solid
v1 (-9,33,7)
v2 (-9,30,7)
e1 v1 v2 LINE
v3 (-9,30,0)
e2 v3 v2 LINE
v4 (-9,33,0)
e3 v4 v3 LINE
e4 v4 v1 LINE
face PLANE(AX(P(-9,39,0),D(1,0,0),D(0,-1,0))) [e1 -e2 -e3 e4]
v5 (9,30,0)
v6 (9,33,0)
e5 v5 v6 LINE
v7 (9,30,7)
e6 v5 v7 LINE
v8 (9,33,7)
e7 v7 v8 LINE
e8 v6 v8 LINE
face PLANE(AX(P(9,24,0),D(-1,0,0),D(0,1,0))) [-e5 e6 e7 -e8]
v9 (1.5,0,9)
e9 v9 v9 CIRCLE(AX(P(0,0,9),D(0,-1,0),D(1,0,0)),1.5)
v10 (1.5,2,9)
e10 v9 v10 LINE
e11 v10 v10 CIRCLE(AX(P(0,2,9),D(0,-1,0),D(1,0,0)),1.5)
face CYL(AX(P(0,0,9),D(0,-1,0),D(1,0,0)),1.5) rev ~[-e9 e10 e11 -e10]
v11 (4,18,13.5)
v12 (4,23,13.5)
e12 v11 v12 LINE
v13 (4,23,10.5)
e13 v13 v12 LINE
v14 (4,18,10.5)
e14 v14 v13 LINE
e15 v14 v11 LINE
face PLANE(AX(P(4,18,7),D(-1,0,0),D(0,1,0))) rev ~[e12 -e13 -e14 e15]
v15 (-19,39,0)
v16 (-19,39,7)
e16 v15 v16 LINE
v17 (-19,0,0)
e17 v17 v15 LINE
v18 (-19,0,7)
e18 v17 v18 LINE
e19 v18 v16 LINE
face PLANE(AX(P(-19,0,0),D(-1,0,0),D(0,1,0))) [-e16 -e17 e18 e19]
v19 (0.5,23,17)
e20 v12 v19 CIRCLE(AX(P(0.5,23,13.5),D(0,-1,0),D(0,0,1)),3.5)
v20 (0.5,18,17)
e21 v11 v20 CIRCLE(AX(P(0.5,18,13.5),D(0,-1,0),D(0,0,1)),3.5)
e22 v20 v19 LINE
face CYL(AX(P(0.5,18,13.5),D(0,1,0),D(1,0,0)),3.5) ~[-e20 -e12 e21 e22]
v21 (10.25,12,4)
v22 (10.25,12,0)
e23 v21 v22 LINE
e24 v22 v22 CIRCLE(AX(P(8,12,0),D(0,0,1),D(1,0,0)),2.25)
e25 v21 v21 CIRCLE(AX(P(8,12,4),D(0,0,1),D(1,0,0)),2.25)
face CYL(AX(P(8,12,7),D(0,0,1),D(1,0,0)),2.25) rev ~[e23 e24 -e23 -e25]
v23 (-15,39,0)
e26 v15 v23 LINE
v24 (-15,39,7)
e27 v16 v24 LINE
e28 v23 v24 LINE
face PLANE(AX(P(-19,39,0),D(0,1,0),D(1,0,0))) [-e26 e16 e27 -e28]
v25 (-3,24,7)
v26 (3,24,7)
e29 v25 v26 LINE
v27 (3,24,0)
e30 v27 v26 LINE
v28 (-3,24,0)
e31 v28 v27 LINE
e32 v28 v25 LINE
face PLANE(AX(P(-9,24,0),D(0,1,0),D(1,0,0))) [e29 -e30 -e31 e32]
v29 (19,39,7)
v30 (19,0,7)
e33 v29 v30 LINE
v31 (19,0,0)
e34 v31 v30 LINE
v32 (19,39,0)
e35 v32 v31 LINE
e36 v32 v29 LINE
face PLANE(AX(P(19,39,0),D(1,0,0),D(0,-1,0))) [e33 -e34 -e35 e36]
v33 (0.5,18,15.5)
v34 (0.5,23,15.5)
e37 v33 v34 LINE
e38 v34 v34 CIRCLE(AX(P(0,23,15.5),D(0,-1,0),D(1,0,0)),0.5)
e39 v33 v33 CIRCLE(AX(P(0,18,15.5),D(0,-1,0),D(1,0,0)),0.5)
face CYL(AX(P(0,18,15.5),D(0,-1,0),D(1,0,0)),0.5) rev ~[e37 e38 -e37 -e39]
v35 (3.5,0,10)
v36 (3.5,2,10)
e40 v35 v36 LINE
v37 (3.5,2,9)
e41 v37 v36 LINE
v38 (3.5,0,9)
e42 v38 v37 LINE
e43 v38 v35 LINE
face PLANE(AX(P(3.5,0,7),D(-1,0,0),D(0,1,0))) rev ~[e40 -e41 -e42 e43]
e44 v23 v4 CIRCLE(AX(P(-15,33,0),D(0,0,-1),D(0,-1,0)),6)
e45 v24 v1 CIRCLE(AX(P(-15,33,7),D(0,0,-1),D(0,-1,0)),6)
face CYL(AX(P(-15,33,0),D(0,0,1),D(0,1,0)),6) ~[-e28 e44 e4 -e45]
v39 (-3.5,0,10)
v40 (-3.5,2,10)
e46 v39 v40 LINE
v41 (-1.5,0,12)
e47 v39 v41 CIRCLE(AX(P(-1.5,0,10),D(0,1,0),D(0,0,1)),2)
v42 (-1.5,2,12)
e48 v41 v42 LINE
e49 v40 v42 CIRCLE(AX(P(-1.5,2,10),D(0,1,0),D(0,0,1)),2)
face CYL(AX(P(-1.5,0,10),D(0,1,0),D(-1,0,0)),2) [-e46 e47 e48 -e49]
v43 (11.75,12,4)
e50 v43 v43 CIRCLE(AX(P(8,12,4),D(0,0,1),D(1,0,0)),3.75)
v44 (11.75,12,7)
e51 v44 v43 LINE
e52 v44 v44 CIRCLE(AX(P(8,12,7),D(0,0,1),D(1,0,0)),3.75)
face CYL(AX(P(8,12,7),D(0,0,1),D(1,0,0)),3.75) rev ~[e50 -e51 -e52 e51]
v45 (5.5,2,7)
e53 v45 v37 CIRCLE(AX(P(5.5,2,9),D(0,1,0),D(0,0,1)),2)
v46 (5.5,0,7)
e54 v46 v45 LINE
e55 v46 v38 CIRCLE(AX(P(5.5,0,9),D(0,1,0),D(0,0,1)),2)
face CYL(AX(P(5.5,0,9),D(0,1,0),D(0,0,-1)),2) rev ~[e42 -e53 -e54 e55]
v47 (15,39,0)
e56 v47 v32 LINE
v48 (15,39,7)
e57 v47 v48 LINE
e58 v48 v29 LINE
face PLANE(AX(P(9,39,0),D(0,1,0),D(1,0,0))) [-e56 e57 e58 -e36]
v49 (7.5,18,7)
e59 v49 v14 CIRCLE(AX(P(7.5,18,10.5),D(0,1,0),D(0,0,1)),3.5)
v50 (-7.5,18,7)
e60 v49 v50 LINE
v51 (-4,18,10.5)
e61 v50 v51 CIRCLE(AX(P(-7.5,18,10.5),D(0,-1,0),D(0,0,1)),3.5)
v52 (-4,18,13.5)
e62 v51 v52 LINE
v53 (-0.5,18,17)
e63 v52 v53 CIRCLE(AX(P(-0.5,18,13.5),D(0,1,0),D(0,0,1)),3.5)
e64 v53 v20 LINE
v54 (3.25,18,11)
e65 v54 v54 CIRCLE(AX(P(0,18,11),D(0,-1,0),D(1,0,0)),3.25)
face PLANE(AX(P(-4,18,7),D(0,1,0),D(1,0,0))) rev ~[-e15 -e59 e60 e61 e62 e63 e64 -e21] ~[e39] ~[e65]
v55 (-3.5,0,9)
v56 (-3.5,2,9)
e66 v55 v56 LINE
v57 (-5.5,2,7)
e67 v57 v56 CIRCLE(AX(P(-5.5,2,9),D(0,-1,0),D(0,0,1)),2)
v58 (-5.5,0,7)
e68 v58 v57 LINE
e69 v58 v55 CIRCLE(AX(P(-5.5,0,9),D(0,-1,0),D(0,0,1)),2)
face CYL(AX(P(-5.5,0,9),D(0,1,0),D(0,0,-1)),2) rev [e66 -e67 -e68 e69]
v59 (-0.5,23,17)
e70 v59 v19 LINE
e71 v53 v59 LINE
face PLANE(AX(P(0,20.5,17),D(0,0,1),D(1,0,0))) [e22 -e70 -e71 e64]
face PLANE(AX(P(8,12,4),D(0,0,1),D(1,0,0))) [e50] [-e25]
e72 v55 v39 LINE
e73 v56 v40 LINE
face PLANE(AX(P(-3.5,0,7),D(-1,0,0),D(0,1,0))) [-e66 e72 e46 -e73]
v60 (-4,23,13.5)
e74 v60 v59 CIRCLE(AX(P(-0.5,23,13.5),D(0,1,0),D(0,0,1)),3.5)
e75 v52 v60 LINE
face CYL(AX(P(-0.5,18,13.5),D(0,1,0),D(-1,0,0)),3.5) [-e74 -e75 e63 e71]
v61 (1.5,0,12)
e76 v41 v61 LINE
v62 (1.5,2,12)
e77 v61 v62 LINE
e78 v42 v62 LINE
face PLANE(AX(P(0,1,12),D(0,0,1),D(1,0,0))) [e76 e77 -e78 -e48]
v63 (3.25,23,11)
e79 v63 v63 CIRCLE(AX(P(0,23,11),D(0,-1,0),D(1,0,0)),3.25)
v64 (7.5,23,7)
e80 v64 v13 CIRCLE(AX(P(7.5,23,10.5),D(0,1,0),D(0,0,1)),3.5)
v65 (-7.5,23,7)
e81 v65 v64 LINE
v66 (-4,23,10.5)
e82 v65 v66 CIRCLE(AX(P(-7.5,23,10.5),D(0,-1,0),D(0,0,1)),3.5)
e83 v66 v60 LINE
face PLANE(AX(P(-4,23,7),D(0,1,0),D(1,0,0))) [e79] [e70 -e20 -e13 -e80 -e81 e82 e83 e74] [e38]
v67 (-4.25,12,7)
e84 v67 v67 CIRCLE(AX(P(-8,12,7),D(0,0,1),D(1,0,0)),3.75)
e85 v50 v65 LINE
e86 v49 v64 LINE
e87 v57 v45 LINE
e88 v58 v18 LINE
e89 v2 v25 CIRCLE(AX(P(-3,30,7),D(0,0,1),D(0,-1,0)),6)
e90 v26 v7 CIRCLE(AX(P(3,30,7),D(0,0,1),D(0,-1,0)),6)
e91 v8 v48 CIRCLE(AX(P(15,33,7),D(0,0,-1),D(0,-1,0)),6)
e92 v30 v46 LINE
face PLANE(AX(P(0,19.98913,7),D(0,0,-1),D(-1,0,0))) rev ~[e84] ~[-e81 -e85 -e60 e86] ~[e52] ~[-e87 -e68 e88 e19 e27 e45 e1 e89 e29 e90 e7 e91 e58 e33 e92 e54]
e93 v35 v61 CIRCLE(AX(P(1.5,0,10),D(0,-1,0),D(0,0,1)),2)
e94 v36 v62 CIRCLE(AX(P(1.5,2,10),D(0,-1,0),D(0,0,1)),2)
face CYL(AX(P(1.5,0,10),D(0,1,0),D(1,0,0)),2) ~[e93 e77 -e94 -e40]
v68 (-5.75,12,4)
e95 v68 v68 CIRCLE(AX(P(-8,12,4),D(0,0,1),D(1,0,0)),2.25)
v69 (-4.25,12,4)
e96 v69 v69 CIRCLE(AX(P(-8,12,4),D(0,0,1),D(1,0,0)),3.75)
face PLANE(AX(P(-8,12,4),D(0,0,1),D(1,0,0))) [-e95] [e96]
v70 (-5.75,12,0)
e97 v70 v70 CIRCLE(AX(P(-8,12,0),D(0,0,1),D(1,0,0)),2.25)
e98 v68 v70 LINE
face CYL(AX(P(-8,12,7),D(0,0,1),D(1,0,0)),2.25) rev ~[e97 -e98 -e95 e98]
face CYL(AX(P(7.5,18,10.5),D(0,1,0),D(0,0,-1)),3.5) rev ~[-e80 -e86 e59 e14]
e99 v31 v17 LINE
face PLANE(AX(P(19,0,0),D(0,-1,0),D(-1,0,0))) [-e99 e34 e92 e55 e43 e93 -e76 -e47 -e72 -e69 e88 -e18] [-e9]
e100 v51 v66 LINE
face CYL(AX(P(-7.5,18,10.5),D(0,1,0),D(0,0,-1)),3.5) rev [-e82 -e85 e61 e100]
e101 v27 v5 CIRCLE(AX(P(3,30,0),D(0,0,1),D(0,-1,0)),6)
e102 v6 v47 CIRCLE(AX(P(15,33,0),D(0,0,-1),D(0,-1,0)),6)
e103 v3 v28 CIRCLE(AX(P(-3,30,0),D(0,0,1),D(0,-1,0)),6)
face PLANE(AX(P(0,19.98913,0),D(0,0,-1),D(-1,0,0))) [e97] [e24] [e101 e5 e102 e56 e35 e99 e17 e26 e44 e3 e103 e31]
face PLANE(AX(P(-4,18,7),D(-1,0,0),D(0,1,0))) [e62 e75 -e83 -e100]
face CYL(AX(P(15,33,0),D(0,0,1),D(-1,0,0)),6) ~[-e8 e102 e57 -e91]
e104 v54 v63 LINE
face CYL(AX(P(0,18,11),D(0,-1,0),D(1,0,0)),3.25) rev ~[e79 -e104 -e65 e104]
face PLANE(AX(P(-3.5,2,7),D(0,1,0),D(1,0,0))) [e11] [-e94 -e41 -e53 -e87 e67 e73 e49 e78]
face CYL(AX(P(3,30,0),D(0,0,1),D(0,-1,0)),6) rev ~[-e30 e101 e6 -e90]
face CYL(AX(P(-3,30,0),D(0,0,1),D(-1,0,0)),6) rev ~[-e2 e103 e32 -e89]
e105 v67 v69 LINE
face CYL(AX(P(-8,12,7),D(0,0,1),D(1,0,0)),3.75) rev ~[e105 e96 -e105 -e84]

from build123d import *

# Parameters (mm, degrees)
PAD_DEPTH       = 7
FILLET_R        = 6
SKETCH001_R     = 2.25
POCKET_DEPTH    = 8
SKETCH002_W     = 8
SKETCH002_H     = 5
PAD001_DEPTH    = 10
FILLET001_R     = 3.5
SKETCH003_R     = 3.25
SKETCH003_R_2   = 0.5
POCKET001_DEPTH = 7
SKETCH004_W     = 7
SKETCH004_H     = 2
PAD002_DEPTH    = 5
SKETCH005_R     = 1.5
POCKET002_DEPTH = 5
FILLET002_R     = 2
SKETCH006_R     = 3.75
POCKET003_DEPTH = 3


with BuildPart() as part:
    # Sketch → Pad (new body)
    with BuildSketch(Plane.XY):
        Polygon((19, 0), (-19, 0), (-19, 39), (-9, 39), (-9, 24), (9, 24), (9, 39), (19, 39), align=None)
    extrude(amount=PAD_DEPTH)

    # Fillet
    fillet_edges = [part.edges().sort_by_distance(p)[0] for p in [
        (-9, 39, 3.5),
        (-9, 24, 3.5),
        (9, 39, 3.5),
        (9, 24, 3.5),
    ]]
    fillet(fillet_edges, radius=FILLET_R)

    # Sketch001 (on Face5 of Fillet) → Pocket (cut)
    with BuildSketch(Plane.XY.offset(7)):
        with Locations((-8, 12)):
            Circle(SKETCH001_R)
        with Locations((8, 12)):
            Circle(SKETCH001_R)
    extrude(amount=-POCKET_DEPTH, mode=Mode.SUBTRACT)

    # Sketch002 (on Face5 of Pocket) → Pad001 (join)
    with BuildSketch(Plane.XY.offset(7)):
        with Locations((0, 20.5)):
            Rectangle(SKETCH002_W, SKETCH002_H)
    extrude(amount=PAD001_DEPTH)

    # Fillet001
    fillet001_edges = [part.edges().sort_by_distance(p)[0] for p in [
        (-4, 20.5, 7),
        (-4, 20.5, 17),
        (4, 20.5, 17),
        (4, 20.5, 7),
    ]]
    fillet(fillet001_edges, radius=FILLET001_R)

    # Sketch003 (on Face4 of Fillet001) → Pocket001 (cut)
    with BuildSketch(Plane.XZ.offset(-18)):
        with Locations((0, 11)):
            Circle(SKETCH003_R)
        with Locations((0, 15.5)):
            Circle(SKETCH003_R_2)
    extrude(amount=-POCKET001_DEPTH, mode=Mode.SUBTRACT)

    # Sketch004 (on Face1 of Pocket001) → Pad002 (join)
    with BuildSketch(Plane.XY.offset(7)):
        with Locations((0, 1)):
            Rectangle(SKETCH004_W, SKETCH004_H)
    extrude(amount=PAD002_DEPTH)

    # Sketch005 → Pocket002 (cut)
    with BuildSketch(Plane.XZ):
        with Locations((0, 9)):
            Circle(SKETCH005_R)
    extrude(amount=-POCKET002_DEPTH, mode=Mode.SUBTRACT)

    # Fillet002
    fillet002_edges = [part.edges().sort_by_distance(p)[0] for p in [
        (-3.5, 1, 12),
        (-3.5, 1, 7),
        (3.5, 1, 12),
        (3.5, 1, 7),
    ]]
    fillet(fillet002_edges, radius=FILLET002_R)

    # Sketch006 (on Face1 of Fillet002) → Pocket003 (cut)
    with BuildSketch(Plane.XY.offset(7)):
        with Locations((-8, 12)):
            Circle(SKETCH006_R)
        with Locations((8, 12)):
            Circle(SKETCH006_R)
    extrude(amount=-POCKET003_DEPTH, mode=Mode.SUBTRACT)


solid = part.part
